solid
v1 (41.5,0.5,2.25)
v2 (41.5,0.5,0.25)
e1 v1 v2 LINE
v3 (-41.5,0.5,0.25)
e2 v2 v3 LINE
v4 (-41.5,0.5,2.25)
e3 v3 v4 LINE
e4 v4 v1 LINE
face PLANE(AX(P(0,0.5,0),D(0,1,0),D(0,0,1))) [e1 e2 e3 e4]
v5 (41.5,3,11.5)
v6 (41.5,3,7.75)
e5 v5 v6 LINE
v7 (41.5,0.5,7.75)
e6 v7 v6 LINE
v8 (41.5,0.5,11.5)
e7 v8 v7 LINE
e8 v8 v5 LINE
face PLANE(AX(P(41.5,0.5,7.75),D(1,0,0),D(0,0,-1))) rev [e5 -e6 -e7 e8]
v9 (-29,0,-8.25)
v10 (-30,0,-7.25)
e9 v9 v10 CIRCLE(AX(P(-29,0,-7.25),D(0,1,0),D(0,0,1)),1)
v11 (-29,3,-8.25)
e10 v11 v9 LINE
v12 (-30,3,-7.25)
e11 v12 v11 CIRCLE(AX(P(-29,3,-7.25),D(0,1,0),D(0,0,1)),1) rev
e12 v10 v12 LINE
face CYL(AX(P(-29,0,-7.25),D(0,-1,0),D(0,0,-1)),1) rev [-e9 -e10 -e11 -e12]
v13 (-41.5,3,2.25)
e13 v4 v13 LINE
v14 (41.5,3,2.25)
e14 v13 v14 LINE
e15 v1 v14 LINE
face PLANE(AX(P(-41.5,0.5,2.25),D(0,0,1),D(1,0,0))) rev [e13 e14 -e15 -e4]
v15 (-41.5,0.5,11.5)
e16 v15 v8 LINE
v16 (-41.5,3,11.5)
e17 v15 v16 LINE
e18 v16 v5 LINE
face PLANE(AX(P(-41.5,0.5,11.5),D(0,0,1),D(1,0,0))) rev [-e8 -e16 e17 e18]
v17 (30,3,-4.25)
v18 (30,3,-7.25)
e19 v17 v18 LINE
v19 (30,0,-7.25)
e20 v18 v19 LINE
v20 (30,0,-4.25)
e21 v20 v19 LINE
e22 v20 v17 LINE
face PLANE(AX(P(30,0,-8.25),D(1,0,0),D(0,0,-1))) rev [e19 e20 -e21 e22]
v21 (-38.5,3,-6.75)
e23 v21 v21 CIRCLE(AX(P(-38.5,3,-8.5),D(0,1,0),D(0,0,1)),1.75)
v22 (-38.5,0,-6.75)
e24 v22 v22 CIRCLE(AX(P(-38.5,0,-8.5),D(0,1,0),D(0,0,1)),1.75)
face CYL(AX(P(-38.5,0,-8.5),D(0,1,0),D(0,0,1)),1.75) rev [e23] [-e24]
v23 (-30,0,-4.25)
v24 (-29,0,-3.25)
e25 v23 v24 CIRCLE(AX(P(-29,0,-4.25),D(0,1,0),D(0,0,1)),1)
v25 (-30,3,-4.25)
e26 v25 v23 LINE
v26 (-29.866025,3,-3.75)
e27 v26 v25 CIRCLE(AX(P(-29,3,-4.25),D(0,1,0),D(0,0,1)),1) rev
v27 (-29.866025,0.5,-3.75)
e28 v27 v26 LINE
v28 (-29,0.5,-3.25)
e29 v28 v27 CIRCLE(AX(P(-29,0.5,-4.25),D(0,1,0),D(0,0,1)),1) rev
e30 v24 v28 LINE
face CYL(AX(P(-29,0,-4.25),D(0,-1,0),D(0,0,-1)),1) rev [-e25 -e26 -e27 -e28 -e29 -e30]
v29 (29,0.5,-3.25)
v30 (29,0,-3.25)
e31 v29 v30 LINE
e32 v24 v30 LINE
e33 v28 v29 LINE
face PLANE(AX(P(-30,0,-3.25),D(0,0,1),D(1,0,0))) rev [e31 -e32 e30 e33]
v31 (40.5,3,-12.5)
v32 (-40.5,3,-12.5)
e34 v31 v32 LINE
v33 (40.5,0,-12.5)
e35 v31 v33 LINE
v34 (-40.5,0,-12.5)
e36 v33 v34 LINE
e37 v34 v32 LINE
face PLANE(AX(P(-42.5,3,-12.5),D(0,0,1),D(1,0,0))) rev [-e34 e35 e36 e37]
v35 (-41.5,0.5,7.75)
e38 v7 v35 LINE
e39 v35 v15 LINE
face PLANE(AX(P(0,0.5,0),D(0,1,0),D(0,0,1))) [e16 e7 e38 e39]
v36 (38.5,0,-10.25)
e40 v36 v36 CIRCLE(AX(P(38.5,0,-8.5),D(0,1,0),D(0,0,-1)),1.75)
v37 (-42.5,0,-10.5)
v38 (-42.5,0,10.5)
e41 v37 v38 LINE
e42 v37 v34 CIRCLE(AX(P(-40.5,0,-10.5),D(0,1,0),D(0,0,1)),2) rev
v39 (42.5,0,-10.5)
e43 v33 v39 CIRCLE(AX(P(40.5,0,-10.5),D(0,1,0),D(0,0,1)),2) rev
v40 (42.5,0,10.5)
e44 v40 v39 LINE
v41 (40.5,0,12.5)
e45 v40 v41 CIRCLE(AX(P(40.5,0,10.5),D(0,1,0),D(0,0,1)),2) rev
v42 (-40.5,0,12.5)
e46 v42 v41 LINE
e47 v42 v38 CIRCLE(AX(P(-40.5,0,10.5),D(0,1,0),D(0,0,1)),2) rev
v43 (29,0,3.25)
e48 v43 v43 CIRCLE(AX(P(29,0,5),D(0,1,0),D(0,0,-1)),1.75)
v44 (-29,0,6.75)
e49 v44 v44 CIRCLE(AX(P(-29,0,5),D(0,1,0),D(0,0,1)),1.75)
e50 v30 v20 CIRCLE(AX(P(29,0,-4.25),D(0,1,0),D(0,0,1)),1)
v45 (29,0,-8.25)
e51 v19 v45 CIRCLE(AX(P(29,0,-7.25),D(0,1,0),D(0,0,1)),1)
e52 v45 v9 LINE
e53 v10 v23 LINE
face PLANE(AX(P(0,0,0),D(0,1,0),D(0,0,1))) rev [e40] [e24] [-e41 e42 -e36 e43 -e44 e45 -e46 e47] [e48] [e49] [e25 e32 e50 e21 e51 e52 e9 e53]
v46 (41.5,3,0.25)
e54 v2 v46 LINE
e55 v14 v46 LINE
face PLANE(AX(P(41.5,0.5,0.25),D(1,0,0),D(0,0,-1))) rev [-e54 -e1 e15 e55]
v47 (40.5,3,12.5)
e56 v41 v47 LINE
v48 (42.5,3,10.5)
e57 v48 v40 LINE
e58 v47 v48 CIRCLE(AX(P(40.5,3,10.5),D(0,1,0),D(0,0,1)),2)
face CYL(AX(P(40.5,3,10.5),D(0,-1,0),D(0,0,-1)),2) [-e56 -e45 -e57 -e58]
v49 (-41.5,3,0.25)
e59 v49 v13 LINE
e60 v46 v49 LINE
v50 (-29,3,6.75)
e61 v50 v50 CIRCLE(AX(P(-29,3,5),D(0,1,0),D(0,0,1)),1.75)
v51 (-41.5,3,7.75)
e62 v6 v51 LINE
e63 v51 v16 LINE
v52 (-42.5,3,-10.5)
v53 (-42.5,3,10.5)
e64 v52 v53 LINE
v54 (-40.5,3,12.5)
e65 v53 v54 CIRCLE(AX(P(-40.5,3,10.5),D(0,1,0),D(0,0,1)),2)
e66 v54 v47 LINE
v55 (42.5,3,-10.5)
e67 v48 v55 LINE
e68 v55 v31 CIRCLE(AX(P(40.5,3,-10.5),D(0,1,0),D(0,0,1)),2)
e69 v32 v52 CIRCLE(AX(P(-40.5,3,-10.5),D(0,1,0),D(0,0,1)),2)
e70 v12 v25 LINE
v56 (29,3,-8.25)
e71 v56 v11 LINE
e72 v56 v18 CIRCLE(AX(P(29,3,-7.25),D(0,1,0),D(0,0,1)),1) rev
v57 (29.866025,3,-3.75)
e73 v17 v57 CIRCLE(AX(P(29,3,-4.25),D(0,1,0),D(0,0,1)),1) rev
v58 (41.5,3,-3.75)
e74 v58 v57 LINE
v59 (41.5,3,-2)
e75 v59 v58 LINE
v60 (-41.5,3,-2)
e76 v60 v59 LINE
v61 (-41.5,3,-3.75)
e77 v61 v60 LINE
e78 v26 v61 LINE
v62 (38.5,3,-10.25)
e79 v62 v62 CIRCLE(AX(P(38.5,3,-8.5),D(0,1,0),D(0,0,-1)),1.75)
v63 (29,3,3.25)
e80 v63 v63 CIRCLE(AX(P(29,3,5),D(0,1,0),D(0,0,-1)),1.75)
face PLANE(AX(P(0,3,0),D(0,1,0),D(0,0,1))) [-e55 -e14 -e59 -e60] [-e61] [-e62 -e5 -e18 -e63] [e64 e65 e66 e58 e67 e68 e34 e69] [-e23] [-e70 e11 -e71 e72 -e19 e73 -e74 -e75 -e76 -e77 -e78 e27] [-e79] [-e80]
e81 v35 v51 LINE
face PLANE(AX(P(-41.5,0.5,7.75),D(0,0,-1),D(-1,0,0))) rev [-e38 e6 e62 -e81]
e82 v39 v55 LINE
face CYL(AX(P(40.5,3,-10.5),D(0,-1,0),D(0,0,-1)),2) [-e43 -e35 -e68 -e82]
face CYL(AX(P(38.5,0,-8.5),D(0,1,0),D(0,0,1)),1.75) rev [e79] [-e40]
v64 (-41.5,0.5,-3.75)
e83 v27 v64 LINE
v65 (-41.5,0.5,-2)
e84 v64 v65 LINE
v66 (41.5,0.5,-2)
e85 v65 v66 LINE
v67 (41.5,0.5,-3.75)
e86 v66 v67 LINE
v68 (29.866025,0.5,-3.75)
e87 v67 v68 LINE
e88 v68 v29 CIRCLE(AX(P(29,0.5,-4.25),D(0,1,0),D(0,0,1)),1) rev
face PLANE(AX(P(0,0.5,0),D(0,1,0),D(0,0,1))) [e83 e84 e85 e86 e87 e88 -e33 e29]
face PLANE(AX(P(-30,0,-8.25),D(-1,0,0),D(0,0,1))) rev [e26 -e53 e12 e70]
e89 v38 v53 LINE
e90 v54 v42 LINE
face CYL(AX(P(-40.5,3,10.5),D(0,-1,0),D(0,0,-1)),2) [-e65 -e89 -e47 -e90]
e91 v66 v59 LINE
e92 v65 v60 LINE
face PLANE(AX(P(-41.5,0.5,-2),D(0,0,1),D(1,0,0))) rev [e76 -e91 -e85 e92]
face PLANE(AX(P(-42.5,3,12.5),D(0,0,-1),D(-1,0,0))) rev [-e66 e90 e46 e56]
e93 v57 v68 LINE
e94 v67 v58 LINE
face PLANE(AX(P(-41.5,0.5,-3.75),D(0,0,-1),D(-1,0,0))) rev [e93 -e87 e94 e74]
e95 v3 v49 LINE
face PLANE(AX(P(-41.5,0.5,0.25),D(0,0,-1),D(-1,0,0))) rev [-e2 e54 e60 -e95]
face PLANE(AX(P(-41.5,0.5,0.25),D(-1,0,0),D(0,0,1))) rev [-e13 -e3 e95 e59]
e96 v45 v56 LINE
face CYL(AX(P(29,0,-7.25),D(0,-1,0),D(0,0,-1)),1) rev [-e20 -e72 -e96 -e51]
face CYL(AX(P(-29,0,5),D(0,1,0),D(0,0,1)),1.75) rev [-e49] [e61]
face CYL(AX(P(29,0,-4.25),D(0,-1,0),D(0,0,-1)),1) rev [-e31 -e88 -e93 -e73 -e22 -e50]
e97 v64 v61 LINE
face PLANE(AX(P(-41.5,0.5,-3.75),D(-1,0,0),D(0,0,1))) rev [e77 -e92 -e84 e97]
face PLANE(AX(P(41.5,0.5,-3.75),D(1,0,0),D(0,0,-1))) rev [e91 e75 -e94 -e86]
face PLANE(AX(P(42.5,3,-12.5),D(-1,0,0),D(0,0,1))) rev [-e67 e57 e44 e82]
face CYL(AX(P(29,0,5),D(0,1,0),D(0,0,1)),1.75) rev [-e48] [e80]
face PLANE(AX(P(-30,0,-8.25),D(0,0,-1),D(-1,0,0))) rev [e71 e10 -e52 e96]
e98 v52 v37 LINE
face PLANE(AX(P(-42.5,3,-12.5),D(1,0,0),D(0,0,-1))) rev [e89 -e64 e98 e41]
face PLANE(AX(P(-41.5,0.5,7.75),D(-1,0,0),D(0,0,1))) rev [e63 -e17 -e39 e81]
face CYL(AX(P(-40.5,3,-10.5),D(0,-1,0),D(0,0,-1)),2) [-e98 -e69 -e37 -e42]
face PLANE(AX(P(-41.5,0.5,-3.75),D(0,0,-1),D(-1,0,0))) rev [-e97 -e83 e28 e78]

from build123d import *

# Parameters (mm, degrees)
SKETCH1_W           = 85
SKETCH1_H           = 25
BOSS_EXTRUDE1_DEPTH = 3
SKETCH2_W           = 83
SKETCH2_H           = 3.75
SKETCH2_H_2         = 2
SKETCH2_H_3         = 1.75
CUT_EXTRUDE1_DEPTH  = 2.5
SKETCH3_R           = 1.75
CUT_EXTRUDE2_DEPTH  = 45.401576549
SKETCH4_W           = 60
SKETCH4_H           = 5
CUT_EXTRUDE3_DEPTH  = 45.401576549
FILLET1_R           = 1
FILLET2_R           = 2


with BuildPart() as part:
    # Sketch1 → Boss-Extrude1 (new body)
    with BuildSketch(Plane(origin=(0, 0, 0), x_dir=(1, 0, 0), z_dir=(0, 1, 0))):
        Rectangle(SKETCH1_W, SKETCH1_H)
    extrude(amount=BOSS_EXTRUDE1_DEPTH)

    # Sketch2 → Cut-Extrude1 (cut)
    with BuildSketch(Plane(origin=(0, 3, 0), x_dir=(1, 0, 0), z_dir=(0, 1, 0))):
        with Locations((0, -9.625)):
            Rectangle(SKETCH2_W, SKETCH2_H)
        with Locations((0, -1.25)):
            Rectangle(SKETCH2_W, SKETCH2_H_2)
        with Locations((0, 2.875)):
            Rectangle(SKETCH2_W, SKETCH2_H_3)
    extrude(amount=-CUT_EXTRUDE1_DEPTH, mode=Mode.SUBTRACT)

    # Sketch3 → Cut-Extrude2 (cut, through all)
    with BuildSketch(Plane(origin=(0, 3, 0), x_dir=(1, 0, 0), z_dir=(0, 1, 0))):
        with Locations(Location((-38.5, 8.5, 0), (0, 0, 270))):
            Circle(SKETCH3_R)
        with Locations(Location((38.5, 8.5, 0), (0, 0, 90))):
            Circle(SKETCH3_R)
        with Locations(Location((-29, -5, 0), (0, 0, 270))):
            Circle(SKETCH3_R)
        with Locations(Location((29, -5, 0), (0, 0, 90))):
            Circle(SKETCH3_R)
    extrude(amount=-CUT_EXTRUDE2_DEPTH, mode=Mode.SUBTRACT)

    # Sketch4 → Cut-Extrude3 (cut, through all)
    with BuildSketch(Plane(origin=(0, 3, 0), x_dir=(1, 0, 0), z_dir=(0, 1, 0))):
        with Locations((0, 5.75)):
            Rectangle(SKETCH4_W, SKETCH4_H)
    extrude(amount=-CUT_EXTRUDE3_DEPTH, mode=Mode.SUBTRACT)

    # Fillet1
    fillet1_edges = [part.edges().sort_by_distance(p)[0] for p in [
        (30, 0.25, -3.25),
        (30, 1.5, -8.25),
        (-30, 1.5, -8.25),
        (-30, 0.25, -3.25),
    ]]
    fillet(fillet1_edges, radius=FILLET1_R)

    # Fillet2
    fillet2_edges = [part.edges().sort_by_distance(p)[0] for p in [
        (-42.5, 1.5, -12.5),
        (42.5, 1.5, -12.5),
        (42.5, 1.5, 12.5),
        (-42.5, 1.5, 12.5),
    ]]
    fillet(fillet2_edges, radius=FILLET2_R)


solid = part.part
